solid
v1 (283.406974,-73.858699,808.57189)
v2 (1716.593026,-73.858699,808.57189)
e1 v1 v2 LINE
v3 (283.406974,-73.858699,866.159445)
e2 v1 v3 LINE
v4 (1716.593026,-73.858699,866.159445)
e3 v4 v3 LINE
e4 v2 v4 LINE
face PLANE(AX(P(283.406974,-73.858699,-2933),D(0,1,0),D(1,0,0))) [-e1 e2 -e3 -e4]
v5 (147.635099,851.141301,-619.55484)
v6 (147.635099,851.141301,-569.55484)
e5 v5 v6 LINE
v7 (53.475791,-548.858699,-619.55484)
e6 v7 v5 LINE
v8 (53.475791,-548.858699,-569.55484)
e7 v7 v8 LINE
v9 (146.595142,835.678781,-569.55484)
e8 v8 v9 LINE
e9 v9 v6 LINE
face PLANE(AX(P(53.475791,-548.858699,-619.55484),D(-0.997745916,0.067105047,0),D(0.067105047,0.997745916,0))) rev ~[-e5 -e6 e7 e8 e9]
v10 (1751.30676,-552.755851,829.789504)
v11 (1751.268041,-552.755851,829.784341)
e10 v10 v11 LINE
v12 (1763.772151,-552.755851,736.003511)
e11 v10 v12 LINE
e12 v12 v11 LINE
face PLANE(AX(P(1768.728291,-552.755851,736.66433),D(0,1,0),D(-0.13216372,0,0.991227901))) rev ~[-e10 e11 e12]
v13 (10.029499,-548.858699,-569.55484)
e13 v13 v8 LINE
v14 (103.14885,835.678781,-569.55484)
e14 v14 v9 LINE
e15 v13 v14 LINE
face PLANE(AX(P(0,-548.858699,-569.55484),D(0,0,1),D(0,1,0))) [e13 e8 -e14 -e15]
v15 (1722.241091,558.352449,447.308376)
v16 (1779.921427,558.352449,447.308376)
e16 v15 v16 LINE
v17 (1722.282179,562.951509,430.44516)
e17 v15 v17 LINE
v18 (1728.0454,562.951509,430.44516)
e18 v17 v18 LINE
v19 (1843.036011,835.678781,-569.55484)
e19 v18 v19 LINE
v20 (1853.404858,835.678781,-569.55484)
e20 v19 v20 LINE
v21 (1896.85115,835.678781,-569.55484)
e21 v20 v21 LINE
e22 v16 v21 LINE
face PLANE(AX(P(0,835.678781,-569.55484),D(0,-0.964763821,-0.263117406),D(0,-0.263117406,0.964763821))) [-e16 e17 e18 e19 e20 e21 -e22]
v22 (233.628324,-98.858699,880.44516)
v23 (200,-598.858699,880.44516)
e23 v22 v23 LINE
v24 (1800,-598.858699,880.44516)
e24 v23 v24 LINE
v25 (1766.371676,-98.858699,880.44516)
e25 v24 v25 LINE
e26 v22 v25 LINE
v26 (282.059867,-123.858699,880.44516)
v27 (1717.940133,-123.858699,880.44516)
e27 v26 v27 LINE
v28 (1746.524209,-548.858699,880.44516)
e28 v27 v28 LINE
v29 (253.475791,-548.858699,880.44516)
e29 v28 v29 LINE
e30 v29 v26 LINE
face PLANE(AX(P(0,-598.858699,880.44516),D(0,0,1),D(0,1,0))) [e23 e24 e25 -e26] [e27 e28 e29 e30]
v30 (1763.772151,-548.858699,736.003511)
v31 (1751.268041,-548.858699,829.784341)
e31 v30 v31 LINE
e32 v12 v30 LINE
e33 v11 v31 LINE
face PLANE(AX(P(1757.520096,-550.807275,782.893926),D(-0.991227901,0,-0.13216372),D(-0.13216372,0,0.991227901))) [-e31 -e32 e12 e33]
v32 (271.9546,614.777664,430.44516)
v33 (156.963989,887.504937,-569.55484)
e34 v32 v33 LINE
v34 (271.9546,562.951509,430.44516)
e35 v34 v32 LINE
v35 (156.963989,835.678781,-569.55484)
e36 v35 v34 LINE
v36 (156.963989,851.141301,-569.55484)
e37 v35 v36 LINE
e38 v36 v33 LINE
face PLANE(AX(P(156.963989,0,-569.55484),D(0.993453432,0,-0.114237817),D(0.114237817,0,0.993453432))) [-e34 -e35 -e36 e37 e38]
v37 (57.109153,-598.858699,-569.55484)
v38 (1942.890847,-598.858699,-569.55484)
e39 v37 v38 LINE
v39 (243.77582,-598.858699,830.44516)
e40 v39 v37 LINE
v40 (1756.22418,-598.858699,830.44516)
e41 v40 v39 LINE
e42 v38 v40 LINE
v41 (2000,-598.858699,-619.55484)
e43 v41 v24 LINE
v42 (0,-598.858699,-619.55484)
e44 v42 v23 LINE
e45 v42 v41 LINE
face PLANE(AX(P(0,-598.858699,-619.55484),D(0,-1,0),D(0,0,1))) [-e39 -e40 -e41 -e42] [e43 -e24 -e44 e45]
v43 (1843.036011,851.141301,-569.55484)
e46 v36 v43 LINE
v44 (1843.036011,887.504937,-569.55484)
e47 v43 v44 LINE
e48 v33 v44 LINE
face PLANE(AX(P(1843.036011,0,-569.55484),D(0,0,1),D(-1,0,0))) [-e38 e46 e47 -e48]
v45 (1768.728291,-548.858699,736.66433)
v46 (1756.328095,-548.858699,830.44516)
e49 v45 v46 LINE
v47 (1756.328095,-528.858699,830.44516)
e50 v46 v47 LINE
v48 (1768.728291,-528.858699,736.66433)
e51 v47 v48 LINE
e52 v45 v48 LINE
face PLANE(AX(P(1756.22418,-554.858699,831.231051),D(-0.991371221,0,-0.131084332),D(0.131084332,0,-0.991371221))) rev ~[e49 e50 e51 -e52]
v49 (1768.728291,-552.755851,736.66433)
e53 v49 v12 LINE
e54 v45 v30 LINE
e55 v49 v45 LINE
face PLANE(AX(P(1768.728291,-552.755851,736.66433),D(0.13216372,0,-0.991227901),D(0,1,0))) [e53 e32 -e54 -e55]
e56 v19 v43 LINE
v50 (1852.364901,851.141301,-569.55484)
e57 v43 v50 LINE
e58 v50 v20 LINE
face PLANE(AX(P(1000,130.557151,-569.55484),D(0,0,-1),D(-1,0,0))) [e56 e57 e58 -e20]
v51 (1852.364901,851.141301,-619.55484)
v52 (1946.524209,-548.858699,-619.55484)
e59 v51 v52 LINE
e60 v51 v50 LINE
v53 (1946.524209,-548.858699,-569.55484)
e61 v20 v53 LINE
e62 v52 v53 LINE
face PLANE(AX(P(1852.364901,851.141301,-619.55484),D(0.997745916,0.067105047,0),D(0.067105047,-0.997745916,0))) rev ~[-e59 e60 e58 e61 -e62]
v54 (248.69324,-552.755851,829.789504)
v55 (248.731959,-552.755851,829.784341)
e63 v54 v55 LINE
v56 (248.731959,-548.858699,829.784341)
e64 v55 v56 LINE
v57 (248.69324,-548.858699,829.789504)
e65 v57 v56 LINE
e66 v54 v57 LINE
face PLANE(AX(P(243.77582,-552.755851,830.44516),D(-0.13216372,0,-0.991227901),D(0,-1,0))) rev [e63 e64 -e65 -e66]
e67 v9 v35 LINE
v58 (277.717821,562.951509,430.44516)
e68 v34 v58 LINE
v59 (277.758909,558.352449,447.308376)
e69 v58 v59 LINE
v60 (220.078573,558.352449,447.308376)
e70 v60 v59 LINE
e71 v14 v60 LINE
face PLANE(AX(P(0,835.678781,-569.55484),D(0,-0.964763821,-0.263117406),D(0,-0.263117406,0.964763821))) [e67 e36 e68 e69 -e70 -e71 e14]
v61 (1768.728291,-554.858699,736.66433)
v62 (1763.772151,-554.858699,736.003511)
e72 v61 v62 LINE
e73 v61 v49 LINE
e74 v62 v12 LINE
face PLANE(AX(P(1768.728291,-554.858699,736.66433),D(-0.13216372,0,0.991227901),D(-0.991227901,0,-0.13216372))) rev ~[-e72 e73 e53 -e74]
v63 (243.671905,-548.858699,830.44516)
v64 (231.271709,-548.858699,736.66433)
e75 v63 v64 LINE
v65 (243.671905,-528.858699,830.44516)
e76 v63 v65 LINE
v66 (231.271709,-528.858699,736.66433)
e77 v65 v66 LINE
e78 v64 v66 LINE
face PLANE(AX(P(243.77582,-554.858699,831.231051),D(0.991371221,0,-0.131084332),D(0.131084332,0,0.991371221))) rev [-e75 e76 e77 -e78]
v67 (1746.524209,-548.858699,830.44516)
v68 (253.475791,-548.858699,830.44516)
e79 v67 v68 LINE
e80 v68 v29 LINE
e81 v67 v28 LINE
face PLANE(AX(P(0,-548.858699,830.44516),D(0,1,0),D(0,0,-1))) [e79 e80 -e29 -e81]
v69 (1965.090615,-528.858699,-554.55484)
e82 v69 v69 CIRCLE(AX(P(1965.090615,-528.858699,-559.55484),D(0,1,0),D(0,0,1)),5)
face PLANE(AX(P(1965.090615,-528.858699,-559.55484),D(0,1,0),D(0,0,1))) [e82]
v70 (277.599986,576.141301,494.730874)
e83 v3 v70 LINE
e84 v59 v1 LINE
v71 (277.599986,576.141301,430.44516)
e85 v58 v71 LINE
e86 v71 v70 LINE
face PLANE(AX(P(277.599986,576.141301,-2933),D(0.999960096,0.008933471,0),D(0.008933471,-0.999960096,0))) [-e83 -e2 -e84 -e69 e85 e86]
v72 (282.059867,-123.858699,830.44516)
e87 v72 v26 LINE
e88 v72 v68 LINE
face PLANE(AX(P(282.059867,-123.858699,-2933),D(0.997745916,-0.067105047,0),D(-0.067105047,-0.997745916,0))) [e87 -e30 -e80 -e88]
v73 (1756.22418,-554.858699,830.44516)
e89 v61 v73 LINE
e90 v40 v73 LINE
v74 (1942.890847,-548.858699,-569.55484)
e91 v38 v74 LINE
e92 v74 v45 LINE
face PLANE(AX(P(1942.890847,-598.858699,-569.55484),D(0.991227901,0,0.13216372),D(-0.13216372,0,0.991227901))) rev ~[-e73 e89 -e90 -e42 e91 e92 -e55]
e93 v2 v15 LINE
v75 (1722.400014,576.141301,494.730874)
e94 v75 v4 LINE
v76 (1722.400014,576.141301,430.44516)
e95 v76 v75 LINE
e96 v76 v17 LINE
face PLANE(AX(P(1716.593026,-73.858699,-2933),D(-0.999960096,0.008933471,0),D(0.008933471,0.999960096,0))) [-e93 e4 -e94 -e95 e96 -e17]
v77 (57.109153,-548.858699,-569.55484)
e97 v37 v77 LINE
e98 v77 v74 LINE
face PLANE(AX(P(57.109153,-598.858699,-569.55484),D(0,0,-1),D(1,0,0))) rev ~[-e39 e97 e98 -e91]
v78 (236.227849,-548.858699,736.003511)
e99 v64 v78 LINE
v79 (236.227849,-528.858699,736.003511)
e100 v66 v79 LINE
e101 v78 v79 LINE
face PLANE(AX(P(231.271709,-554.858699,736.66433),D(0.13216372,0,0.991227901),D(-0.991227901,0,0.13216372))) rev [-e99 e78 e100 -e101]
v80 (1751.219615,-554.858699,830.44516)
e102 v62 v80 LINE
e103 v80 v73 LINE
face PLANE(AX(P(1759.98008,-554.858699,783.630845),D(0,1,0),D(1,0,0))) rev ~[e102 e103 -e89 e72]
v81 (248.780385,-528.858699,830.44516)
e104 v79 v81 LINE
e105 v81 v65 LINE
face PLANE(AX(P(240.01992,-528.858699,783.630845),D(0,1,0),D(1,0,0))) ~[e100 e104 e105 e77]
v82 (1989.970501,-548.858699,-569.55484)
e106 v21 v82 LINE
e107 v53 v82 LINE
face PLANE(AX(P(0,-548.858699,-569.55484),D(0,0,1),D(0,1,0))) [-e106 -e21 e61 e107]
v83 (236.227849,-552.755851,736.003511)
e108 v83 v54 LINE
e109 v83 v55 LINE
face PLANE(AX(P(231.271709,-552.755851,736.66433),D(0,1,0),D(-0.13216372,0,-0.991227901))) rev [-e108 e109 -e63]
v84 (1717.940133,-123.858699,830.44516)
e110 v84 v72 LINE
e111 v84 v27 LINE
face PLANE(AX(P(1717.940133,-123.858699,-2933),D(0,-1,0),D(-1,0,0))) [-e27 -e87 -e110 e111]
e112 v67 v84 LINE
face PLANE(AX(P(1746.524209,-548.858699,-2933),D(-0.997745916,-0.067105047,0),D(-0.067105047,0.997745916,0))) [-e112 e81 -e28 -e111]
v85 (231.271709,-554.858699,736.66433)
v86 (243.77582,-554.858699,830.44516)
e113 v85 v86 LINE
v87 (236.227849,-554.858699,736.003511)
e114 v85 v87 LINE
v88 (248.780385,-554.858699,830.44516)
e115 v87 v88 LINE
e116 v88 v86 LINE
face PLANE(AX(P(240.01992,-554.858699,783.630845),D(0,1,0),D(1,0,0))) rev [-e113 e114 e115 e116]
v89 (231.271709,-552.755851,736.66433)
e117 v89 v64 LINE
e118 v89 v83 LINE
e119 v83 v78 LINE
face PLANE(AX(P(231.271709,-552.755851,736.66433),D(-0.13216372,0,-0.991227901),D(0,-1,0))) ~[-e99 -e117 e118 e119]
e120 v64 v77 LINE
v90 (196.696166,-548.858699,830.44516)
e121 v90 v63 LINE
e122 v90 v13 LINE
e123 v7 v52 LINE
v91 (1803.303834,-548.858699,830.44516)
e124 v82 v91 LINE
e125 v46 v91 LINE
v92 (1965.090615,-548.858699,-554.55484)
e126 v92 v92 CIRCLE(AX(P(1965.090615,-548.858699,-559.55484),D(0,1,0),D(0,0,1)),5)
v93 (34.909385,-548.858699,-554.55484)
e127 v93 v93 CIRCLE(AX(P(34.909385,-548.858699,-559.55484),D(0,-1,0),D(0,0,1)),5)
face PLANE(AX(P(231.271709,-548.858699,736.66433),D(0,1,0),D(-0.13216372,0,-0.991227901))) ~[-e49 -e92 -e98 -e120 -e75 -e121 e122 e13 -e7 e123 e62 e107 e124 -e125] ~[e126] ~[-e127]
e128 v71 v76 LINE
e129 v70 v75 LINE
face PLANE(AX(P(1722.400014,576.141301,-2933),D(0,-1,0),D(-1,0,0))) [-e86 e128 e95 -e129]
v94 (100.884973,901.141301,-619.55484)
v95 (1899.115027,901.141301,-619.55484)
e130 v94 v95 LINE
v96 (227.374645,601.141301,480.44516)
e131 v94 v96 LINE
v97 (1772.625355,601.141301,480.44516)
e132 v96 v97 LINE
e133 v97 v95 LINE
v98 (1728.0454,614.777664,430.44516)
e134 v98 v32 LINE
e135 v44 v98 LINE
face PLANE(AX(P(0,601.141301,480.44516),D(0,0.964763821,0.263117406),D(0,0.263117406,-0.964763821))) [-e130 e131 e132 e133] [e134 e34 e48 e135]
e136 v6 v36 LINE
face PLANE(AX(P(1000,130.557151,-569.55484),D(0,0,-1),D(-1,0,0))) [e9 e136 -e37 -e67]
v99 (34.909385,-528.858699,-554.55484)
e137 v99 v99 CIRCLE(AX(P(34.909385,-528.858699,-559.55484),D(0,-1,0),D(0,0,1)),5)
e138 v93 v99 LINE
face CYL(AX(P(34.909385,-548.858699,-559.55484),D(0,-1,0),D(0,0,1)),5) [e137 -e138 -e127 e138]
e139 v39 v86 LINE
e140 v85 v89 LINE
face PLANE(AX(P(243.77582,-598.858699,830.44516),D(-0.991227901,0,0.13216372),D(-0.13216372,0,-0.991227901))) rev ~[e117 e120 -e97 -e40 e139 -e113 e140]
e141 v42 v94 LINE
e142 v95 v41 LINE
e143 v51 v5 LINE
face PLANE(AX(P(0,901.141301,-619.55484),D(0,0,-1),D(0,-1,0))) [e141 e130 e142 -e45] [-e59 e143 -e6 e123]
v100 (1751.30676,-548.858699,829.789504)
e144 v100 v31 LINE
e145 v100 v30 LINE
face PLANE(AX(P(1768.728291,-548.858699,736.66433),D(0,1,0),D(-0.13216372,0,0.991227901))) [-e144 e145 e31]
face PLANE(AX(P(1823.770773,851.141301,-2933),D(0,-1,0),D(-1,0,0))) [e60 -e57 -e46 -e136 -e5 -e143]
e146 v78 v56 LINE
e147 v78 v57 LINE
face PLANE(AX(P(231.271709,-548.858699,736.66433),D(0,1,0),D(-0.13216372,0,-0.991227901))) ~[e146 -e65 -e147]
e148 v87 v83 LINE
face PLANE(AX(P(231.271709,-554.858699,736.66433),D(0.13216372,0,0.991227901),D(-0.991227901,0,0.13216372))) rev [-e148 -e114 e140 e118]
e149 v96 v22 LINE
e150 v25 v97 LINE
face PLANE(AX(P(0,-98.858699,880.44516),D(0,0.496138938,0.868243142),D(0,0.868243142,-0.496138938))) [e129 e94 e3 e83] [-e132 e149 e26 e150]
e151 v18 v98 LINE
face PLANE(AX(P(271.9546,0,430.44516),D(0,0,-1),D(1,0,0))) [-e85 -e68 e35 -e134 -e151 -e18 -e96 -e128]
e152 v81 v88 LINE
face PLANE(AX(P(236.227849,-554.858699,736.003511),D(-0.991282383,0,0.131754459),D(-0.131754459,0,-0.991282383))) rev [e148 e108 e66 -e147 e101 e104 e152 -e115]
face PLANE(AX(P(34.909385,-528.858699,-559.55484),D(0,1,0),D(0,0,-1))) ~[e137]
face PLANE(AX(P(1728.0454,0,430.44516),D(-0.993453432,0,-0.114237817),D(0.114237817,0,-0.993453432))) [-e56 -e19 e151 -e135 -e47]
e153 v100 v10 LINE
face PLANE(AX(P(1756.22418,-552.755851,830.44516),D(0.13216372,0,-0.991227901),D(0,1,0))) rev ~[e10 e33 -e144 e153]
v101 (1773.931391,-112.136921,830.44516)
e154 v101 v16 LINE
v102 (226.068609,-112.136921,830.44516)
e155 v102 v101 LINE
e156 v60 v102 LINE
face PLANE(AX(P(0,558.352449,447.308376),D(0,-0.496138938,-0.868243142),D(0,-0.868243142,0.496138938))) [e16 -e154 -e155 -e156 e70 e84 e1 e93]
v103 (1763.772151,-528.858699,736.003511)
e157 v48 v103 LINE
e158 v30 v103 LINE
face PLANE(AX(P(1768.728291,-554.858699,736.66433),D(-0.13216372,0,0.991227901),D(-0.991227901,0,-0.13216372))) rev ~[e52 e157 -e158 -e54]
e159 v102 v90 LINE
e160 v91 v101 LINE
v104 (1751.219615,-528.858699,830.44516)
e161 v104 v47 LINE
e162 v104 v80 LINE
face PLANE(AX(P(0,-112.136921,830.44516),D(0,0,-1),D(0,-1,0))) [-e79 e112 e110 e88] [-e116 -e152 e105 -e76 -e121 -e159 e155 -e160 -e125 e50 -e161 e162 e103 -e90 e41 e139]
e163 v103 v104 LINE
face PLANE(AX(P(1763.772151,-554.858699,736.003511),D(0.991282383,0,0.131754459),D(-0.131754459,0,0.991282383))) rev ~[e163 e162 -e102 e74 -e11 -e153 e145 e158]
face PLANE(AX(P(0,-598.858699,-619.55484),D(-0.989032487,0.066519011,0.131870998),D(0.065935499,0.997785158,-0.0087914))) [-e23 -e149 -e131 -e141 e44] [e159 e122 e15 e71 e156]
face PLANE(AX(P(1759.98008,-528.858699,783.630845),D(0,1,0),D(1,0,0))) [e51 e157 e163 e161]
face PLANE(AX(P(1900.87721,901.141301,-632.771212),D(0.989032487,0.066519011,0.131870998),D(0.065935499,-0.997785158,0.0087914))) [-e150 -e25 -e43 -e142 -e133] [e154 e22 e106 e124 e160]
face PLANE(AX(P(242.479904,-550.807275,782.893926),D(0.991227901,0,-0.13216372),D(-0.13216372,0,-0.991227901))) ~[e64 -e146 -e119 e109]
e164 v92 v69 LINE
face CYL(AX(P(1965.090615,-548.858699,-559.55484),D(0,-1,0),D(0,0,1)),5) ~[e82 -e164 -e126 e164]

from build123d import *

# Parameters (mm, degrees)
BOSS_EXTRU_1_DEPTH           = 2000
ENL_V_MAT_EXTRU_1_DEPTH      = 2000
ENL_V_MAT_EXTRU_2_DEPTH      = 2000
ENL_V_MAT_EXTRU_3_DEPTH      = 2000
ENL_V_MAT_EXTRU_4_DEPTH      = 2933
ENL_V_MAT_EXTRU_5_DEPTH      = 2933
ENL_V_MAT_EXTRU_5_DEPTH_BACK = 2933
ENL_V_MAT_EXTRU_6_DEPTH      = 50
ENL_V_MAT_EXTRU_7_DEPTH      = 1023
ENL_V_MAT_EXTRU_8_DEPTH      = 50
ESQUISSE14_W                 = 94.610765079
ESQUISSE14_H                 = 3.897152032
BOSS_EXTRU_2_DEPTH           = 5
BOSS_EXTRU_28_START          = -6
BOSS_EXTRU_28_DEPTH          = 26
ESQUISSE12_R                 = 5
BOSS_EXTRU_29_DEPTH          = 20


with BuildPart() as part:
    # Esquisse1 → Boss.-Extru.1 (new body)
    with BuildSketch(Plane(origin=(0, 0, 0), x_dir=(0, 0, -1), z_dir=(1, 0, 0))):
        Polygon((-880.445159684, -98.858699346), (-480.445159684, 601.141300654), (619.554840316, 901.141300654), (619.554840316, -598.858699346), (-880.445159684, -598.858699346), align=None)
    extrude(amount=BOSS_EXTRU_1_DEPTH)

    # Esquisse2 → Enlèv. mat.-Extru.1 (cut)
    with BuildSketch(Plane.XZ.offset(598.858699346)):
        Polygon((2000, -619.554840316), (1800, 880.445159684), (2000, 880.445159684), align=None)
        Polygon((200, 880.445159684), (0, 880.445159684), (0, -619.554840316), align=None)
    extrude(amount=-ENL_V_MAT_EXTRU_1_DEPTH, mode=Mode.SUBTRACT)

    # Esquisse4 → Enlèv. mat.-Extru.2 (cut)
    with BuildSketch(Plane(origin=(116.098887378, 0, -870.741655333), x_dir=(0, 1, 0), z_dir=(0.13216372009101793, 0, -0.9912279006826347))):
        Polygon((-598.858699346, 1900.573128869), (901.141300654, 1900.573128869), (901.141300654, 1800.573128869), align=None)
    extrude(amount=-ENL_V_MAT_EXTRU_2_DEPTH, mode=Mode.SUBTRACT)

    # Esquisse5 → Enlèv. mat.-Extru.3 (cut)
    with BuildSketch(Plane(origin=(-81.164389561, 0, -608.732921708), x_dir=(0, 1, 0), z_dir=(0.13216372009101793, 0, 0.9912279006826347))):
        Polygon((901.141300654, -81.882672497), (-598.858699346, -81.882672497), (901.141300654, -181.882672497), align=None)
    extrude(amount=ENL_V_MAT_EXTRU_3_DEPTH, mode=Mode.SUBTRACT)

    # Esquisse6 → Enlèv. mat.-Extru.4 (cut)
    with BuildSketch(Plane(origin=(0, 0, 0), x_dir=(0, 0, -1), z_dir=(1, 0, 0))):
        Polygon((569.554840316, 835.678781331), (-447.308376432, 558.35244949), (-830.445159684, -112.1369212), (-830.445159684, -548.858699346), (569.554840316, -548.858699346), align=None)
    extrude(amount=ENL_V_MAT_EXTRU_4_DEPTH, mode=Mode.SUBTRACT)

    # Esquisse7 → Enlèv. mat.-Extru.5 (cut, two sides: drawn at the far end of the back side and taken through both)
    with BuildSketch(Plane.XY.offset(-ENL_V_MAT_EXTRU_5_DEPTH_BACK)):
        Polygon((282.05986694, -123.858699346), (253.475791256, -548.858699346), (1746.524208744, -548.858699346), (1717.94013306, -123.858699346), align=None)
        Polygon((283.406973938, -73.858699346), (1716.593026062, -73.858699346), (1722.400013951, 576.141300654), (277.599986049, 576.141300654), align=None)
        Polygon((176.229227458, 851.141300654), (271.096481507, 626.141300654), (1728.903518493, 626.141300654), (1823.770772542, 851.141300654), align=None)
    extrude(amount=ENL_V_MAT_EXTRU_5_DEPTH + ENL_V_MAT_EXTRU_5_DEPTH_BACK, mode=Mode.SUBTRACT)

    # Esquisse8 → Enlèv. mat.-Extru.6 (cut)
    with BuildSketch(Plane(origin=(0, 0, -619.554840316), x_dir=(-1, 0, 0), z_dir=(0, 0, -1))):
        Polygon((-1852.364900608, 851.141300654), (-1946.524208744, -548.858699346), (-53.475791256, -548.858699346), (-147.635099392, 851.141300654), align=None)
    extrude(amount=-ENL_V_MAT_EXTRU_6_DEPTH, mode=Mode.SUBTRACT)

    # Esquisse9 → Enlèv. mat.-Extru.7 (cut)
    with BuildSketch(Plane(origin=(0, 0, 0), x_dir=(1, 0, 0), z_dir=(0, 1, 0))):
        Polygon((156.96398896, 569.554840316), (271.954599929, -430.445159684), (1728.045400071, -430.445159684), (1843.03601104, 569.554840316), align=None)
    extrude(amount=ENL_V_MAT_EXTRU_7_DEPTH, mode=Mode.SUBTRACT)

    # Esquisse10 → Enlèv. mat.-Extru.8 (cut)
    with BuildSketch(Plane.XZ.offset(598.858699346)):
        Polygon((243.775819835, 830.445159684), (57.109153168, -569.554840316), (1942.890846832, -569.554840316), (1756.224180165, 830.445159684), align=None)
    extrude(amount=-ENL_V_MAT_EXTRU_8_DEPTH, mode=Mode.SUBTRACT)

    # Esquisse14 → Boss.-Extru.2 (add)
    with BuildSketch(Plane(origin=(1834.339717588, 0, 244.578629012), x_dir=(-0.13216372009101796, 0, 0.9912279006826348), z_dir=(-0.9912279006826348, 0, -0.13216372009101796))):
        with Locations((543.745908762, -550.807275362)):
            Rectangle(ESQUISSE14_W, ESQUISSE14_H)
    boss_extru_2 = extrude(amount=BOSS_EXTRU_2_DEPTH)

    # Esquisse15 → Boss.-Extru.28 (add)
    with BuildSketch(Plane(origin=(0, -548.858699346, 0), x_dir=(1, 0, 0), z_dir=(0, 1, 0)).offset(BOSS_EXTRU_28_START)):
        Polygon((1768.728290839, -736.664329633), (1763.772151335, -736.003511032), (1751.203848273, -830.563782674), (1756.224180165, -831.231050773), align=None)
    boss_extru_28 = extrude(amount=BOSS_EXTRU_28_DEPTH)

    # Esquisse12 → Boss.-Extru.29 (add)
    with BuildSketch(Plane(origin=(0, -548.858699346, 0), x_dir=(1, 0, 0), z_dir=(0, 1, 0))):
        with Locations(Location((1965.090614868, 559.554840316, 0), (0, 0, 270))):
            Circle(ESQUISSE12_R)
    boss_extru_29 = extrude(amount=BOSS_EXTRU_29_DEPTH)

    # Symétrie1: Boss.-Extru.2, Boss.-Extru.28, Boss.-Extru.29 across plane
    add(boss_extru_2.mirror(Plane(origin=(1000, 0, 0), x_dir=(0, 0, 1), z_dir=(1, 0, 0))))
    add(boss_extru_28.mirror(Plane(origin=(1000, 0, 0), x_dir=(0, 0, 1), z_dir=(1, 0, 0))))
    add(boss_extru_29.mirror(Plane(origin=(1000, 0, 0), x_dir=(0, 0, 1), z_dir=(1, 0, 0))))


solid = part.part
